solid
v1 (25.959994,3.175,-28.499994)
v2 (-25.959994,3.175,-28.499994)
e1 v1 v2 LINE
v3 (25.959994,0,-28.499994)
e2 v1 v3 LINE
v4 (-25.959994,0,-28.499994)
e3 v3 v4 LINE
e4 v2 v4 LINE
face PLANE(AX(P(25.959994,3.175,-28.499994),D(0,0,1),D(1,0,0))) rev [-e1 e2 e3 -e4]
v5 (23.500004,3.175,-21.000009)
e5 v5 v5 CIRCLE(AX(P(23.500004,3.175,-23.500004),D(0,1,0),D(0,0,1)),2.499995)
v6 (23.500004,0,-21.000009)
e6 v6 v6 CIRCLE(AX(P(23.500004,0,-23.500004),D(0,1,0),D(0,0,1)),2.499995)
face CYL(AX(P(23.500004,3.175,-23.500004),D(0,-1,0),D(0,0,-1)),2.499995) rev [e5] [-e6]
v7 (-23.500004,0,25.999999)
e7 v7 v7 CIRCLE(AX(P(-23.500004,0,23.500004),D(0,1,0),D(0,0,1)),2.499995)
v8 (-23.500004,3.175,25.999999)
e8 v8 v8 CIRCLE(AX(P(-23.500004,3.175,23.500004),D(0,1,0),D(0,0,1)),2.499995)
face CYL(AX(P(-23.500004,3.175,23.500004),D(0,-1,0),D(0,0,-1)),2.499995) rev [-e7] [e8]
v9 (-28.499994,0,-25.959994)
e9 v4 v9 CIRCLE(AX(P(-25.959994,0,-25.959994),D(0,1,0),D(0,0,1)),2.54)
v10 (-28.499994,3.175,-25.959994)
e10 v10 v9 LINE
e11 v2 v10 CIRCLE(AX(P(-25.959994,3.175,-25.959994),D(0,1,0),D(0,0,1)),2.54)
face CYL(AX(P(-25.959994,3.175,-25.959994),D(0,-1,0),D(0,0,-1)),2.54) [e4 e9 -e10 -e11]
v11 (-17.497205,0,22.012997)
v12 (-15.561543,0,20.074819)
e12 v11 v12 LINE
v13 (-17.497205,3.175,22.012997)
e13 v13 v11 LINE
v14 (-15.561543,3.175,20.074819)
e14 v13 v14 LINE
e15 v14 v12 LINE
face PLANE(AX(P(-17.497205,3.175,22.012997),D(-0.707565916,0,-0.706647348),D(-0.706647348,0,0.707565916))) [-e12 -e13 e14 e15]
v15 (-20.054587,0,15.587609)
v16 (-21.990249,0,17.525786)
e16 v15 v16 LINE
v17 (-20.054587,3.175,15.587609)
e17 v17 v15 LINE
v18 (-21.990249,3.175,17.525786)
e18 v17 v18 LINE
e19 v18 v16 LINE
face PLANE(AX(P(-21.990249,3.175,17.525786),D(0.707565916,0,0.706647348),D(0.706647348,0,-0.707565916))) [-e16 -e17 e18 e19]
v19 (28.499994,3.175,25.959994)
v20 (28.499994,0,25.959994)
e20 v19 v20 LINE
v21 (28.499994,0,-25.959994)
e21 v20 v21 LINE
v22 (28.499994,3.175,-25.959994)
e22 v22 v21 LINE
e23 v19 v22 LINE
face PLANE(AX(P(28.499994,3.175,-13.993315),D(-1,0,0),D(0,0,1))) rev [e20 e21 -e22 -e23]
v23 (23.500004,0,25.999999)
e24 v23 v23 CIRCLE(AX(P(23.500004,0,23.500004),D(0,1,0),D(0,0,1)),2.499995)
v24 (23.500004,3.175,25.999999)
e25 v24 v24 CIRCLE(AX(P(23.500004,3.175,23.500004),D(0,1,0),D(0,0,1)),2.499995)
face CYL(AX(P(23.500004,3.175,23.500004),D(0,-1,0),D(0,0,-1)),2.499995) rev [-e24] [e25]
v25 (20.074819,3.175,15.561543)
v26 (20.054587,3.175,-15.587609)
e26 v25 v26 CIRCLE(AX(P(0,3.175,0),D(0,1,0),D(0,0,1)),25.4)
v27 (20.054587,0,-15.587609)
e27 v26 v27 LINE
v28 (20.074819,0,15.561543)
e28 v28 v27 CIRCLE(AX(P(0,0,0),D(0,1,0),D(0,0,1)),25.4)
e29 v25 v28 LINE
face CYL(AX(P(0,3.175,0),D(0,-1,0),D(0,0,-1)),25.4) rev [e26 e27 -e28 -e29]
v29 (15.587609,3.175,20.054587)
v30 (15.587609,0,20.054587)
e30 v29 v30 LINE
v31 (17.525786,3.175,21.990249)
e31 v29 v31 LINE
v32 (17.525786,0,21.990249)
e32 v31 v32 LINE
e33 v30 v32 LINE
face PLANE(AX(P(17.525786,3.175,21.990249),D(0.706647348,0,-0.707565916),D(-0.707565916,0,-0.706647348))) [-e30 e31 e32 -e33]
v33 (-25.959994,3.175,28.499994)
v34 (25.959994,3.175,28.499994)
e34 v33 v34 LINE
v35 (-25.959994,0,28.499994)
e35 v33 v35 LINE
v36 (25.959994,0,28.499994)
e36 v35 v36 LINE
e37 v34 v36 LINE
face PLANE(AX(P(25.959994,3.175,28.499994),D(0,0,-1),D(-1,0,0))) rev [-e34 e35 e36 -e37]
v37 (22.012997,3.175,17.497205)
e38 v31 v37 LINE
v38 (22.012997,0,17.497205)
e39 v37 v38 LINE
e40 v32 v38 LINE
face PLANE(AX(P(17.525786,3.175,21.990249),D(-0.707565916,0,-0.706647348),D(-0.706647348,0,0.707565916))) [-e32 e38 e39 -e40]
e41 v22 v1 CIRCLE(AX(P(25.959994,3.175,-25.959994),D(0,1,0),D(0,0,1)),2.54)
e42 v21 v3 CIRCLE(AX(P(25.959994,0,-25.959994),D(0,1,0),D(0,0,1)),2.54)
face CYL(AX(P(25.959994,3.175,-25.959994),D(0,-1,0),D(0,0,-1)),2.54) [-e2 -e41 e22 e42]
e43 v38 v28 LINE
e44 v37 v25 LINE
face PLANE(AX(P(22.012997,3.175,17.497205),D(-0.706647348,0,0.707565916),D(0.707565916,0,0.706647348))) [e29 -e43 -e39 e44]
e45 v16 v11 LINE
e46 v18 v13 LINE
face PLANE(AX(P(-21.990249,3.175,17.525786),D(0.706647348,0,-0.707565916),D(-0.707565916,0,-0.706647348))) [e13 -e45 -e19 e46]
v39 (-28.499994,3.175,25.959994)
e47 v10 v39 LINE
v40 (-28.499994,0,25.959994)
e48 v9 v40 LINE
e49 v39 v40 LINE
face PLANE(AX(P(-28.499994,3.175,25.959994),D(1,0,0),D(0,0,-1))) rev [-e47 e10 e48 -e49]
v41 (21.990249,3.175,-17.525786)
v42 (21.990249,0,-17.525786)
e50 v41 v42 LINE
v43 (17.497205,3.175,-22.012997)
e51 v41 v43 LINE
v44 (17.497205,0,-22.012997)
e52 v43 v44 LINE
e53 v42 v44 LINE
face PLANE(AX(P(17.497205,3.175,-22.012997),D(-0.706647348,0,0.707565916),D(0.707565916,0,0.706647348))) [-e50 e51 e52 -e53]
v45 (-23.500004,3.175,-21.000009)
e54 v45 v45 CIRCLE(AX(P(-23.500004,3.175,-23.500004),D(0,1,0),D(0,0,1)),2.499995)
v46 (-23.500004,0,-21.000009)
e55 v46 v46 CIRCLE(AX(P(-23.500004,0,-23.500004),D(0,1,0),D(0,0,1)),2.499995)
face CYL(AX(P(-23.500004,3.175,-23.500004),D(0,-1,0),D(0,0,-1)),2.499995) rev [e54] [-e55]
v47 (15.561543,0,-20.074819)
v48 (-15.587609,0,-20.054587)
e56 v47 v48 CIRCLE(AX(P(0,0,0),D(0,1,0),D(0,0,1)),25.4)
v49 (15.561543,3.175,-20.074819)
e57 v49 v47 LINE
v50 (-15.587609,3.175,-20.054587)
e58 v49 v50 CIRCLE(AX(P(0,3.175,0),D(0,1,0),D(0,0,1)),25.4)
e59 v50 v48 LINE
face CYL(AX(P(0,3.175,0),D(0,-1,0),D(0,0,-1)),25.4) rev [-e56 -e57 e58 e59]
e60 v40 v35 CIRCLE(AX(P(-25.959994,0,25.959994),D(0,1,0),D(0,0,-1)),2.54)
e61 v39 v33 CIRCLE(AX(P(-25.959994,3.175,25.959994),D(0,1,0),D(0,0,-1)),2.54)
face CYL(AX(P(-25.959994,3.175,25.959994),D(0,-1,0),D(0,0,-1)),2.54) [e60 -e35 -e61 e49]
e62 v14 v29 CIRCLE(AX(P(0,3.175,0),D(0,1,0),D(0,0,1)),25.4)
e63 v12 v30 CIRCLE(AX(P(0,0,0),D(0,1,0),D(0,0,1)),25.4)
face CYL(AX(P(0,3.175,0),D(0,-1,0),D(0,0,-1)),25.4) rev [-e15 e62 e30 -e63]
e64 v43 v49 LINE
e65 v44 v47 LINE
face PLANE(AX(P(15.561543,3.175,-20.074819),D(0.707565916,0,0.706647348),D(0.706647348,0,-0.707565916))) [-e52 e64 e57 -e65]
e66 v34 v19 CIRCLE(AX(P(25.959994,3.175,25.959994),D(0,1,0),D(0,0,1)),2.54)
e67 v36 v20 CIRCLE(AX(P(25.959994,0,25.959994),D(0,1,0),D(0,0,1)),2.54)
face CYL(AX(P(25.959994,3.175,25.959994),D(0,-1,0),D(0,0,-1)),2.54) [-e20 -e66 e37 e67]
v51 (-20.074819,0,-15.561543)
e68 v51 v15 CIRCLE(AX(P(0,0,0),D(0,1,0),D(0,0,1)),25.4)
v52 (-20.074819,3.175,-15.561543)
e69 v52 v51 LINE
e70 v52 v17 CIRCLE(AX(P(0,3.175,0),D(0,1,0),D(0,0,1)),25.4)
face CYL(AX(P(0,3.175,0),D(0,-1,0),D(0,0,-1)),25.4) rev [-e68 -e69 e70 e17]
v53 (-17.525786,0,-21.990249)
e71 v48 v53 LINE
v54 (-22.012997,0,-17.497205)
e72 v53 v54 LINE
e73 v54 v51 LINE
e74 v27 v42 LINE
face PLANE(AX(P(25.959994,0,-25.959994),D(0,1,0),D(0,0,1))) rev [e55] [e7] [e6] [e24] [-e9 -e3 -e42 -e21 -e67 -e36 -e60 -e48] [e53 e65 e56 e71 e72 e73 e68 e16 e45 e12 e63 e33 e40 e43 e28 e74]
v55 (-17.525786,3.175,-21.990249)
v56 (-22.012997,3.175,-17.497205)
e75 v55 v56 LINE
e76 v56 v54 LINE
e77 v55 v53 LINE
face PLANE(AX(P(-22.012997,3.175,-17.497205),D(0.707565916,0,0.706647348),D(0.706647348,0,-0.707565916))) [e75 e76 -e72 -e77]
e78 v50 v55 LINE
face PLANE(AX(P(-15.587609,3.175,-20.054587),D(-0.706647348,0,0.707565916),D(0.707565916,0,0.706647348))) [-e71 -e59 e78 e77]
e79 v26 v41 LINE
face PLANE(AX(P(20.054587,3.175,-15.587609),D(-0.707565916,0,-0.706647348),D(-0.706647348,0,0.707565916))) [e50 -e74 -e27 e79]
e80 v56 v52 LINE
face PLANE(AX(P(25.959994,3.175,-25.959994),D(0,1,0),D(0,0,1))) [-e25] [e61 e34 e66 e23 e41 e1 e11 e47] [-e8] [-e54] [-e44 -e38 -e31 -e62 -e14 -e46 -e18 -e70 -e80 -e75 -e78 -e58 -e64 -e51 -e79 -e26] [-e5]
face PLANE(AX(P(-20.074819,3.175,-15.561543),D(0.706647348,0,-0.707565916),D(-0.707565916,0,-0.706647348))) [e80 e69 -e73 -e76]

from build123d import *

# Parameters (mm, degrees)
SKETCH1_R           = 2.499995
BOSS_EXTRUDE1_DEPTH = 3.175


with BuildPart() as part:
    # Sketch1 → Boss-Extrude1 (new body)
    with BuildSketch(Plane(origin=(0, 0, 0), x_dir=(1, 0, 0), z_dir=(0, 1, 0))):
        with BuildLine():
            Line((-13.993314597, 28.4999938), (-25.9599938, 28.4999938))
            ThreePointArc((-25.9599938, 28.4999938), (-27.756045024, 27.756045024), (-28.4999938, 25.9599938))
            Line((-28.4999938, 25.9599938), (-28.4999938, 13.993314597))
            Line((-28.4999938, 13.993314597), (-28.4999938, -13.993314597))
            Line((-28.4999938, -13.993314597), (-28.4999938, -25.9599938))
            ThreePointArc((-28.4999938, -25.9599938), (-27.756045024, -27.756045024), (-25.9599938, -28.4999938))
            Line((-25.9599938, -28.4999938), (-13.993314597, -28.4999938))
            Line((-13.993314597, -28.4999938), (13.993314597, -28.4999938))
            Line((13.993314597, -28.4999938), (25.9599938, -28.4999938))
            ThreePointArc((25.9599938, -28.4999938), (27.756045024, -27.756045024), (28.4999938, -25.9599938))
            Line((28.4999938, -25.9599938), (28.4999938, -13.993314597))
            Line((28.4999938, -13.993314597), (28.4999938, 13.993314597))
            Line((28.4999938, 13.993314597), (28.4999938, 25.9599938))
            ThreePointArc((28.4999938, 25.9599938), (27.756045024, 27.756045024), (25.9599938, 28.4999938))
            Line((25.9599938, 28.4999938), (13.993314597, 28.4999938))
            Line((13.993314597, 28.4999938), (-13.993314597, 28.4999938))
        make_face()
        with Locations((-23.5000038, 23.5000038)):
            Circle(SKETCH1_R, mode=Mode.SUBTRACT)
        with Locations((23.5000038, 23.5000038)):
            Circle(SKETCH1_R, mode=Mode.SUBTRACT)
        with Locations((23.5000038, -23.5000038)):
            Circle(SKETCH1_R, mode=Mode.SUBTRACT)
        with Locations((-23.5000038, -23.5000038)):
            Circle(SKETCH1_R, mode=Mode.SUBTRACT)
        with BuildLine():
            Line((17.525786369, -21.990248683), (15.587608536, -20.05458701))
            ThreePointArc((15.587608536, -20.05458701), (0.016497958, -25.399994642), (-15.561543442, -20.074819195))
            Line((-15.561543442, -20.074819195), (-17.497205115, -22.012997028))
            Line((-17.497205115, -22.012997028), (-21.990248683, -17.525786369))
            Line((-21.990248683, -17.525786369), (-20.05458701, -15.587608536))
            ThreePointArc((-20.05458701, -15.587608536), (-25.399994642, -0.016497958), (-20.074819195, 15.561543442))
            Line((-20.074819195, 15.561543442), (-22.012997028, 17.497205115))
            Line((-22.012997028, 17.497205115), (-17.525786369, 21.990248683))
            Line((-17.525786369, 21.990248683), (-15.587608536, 20.05458701))
            ThreePointArc((-15.587608536, 20.05458701), (-0.016497958, 25.399994642), (15.561543442, 20.074819195))
            Line((15.561543442, 20.074819195), (17.497205115, 22.012997028))
            Line((17.497205115, 22.012997028), (21.990248683, 17.525786369))
            Line((21.990248683, 17.525786369), (20.05458701, 15.587608536))
            ThreePointArc((20.05458701, 15.587608536), (25.399994642, 0.016497958), (20.074819195, -15.561543442))
            Line((20.074819195, -15.561543442), (22.012997028, -17.497205115))
            Line((22.012997028, -17.497205115), (17.525786369, -21.990248683))
        make_face(mode=Mode.SUBTRACT)
    extrude(amount=BOSS_EXTRUDE1_DEPTH)


solid = part.part
